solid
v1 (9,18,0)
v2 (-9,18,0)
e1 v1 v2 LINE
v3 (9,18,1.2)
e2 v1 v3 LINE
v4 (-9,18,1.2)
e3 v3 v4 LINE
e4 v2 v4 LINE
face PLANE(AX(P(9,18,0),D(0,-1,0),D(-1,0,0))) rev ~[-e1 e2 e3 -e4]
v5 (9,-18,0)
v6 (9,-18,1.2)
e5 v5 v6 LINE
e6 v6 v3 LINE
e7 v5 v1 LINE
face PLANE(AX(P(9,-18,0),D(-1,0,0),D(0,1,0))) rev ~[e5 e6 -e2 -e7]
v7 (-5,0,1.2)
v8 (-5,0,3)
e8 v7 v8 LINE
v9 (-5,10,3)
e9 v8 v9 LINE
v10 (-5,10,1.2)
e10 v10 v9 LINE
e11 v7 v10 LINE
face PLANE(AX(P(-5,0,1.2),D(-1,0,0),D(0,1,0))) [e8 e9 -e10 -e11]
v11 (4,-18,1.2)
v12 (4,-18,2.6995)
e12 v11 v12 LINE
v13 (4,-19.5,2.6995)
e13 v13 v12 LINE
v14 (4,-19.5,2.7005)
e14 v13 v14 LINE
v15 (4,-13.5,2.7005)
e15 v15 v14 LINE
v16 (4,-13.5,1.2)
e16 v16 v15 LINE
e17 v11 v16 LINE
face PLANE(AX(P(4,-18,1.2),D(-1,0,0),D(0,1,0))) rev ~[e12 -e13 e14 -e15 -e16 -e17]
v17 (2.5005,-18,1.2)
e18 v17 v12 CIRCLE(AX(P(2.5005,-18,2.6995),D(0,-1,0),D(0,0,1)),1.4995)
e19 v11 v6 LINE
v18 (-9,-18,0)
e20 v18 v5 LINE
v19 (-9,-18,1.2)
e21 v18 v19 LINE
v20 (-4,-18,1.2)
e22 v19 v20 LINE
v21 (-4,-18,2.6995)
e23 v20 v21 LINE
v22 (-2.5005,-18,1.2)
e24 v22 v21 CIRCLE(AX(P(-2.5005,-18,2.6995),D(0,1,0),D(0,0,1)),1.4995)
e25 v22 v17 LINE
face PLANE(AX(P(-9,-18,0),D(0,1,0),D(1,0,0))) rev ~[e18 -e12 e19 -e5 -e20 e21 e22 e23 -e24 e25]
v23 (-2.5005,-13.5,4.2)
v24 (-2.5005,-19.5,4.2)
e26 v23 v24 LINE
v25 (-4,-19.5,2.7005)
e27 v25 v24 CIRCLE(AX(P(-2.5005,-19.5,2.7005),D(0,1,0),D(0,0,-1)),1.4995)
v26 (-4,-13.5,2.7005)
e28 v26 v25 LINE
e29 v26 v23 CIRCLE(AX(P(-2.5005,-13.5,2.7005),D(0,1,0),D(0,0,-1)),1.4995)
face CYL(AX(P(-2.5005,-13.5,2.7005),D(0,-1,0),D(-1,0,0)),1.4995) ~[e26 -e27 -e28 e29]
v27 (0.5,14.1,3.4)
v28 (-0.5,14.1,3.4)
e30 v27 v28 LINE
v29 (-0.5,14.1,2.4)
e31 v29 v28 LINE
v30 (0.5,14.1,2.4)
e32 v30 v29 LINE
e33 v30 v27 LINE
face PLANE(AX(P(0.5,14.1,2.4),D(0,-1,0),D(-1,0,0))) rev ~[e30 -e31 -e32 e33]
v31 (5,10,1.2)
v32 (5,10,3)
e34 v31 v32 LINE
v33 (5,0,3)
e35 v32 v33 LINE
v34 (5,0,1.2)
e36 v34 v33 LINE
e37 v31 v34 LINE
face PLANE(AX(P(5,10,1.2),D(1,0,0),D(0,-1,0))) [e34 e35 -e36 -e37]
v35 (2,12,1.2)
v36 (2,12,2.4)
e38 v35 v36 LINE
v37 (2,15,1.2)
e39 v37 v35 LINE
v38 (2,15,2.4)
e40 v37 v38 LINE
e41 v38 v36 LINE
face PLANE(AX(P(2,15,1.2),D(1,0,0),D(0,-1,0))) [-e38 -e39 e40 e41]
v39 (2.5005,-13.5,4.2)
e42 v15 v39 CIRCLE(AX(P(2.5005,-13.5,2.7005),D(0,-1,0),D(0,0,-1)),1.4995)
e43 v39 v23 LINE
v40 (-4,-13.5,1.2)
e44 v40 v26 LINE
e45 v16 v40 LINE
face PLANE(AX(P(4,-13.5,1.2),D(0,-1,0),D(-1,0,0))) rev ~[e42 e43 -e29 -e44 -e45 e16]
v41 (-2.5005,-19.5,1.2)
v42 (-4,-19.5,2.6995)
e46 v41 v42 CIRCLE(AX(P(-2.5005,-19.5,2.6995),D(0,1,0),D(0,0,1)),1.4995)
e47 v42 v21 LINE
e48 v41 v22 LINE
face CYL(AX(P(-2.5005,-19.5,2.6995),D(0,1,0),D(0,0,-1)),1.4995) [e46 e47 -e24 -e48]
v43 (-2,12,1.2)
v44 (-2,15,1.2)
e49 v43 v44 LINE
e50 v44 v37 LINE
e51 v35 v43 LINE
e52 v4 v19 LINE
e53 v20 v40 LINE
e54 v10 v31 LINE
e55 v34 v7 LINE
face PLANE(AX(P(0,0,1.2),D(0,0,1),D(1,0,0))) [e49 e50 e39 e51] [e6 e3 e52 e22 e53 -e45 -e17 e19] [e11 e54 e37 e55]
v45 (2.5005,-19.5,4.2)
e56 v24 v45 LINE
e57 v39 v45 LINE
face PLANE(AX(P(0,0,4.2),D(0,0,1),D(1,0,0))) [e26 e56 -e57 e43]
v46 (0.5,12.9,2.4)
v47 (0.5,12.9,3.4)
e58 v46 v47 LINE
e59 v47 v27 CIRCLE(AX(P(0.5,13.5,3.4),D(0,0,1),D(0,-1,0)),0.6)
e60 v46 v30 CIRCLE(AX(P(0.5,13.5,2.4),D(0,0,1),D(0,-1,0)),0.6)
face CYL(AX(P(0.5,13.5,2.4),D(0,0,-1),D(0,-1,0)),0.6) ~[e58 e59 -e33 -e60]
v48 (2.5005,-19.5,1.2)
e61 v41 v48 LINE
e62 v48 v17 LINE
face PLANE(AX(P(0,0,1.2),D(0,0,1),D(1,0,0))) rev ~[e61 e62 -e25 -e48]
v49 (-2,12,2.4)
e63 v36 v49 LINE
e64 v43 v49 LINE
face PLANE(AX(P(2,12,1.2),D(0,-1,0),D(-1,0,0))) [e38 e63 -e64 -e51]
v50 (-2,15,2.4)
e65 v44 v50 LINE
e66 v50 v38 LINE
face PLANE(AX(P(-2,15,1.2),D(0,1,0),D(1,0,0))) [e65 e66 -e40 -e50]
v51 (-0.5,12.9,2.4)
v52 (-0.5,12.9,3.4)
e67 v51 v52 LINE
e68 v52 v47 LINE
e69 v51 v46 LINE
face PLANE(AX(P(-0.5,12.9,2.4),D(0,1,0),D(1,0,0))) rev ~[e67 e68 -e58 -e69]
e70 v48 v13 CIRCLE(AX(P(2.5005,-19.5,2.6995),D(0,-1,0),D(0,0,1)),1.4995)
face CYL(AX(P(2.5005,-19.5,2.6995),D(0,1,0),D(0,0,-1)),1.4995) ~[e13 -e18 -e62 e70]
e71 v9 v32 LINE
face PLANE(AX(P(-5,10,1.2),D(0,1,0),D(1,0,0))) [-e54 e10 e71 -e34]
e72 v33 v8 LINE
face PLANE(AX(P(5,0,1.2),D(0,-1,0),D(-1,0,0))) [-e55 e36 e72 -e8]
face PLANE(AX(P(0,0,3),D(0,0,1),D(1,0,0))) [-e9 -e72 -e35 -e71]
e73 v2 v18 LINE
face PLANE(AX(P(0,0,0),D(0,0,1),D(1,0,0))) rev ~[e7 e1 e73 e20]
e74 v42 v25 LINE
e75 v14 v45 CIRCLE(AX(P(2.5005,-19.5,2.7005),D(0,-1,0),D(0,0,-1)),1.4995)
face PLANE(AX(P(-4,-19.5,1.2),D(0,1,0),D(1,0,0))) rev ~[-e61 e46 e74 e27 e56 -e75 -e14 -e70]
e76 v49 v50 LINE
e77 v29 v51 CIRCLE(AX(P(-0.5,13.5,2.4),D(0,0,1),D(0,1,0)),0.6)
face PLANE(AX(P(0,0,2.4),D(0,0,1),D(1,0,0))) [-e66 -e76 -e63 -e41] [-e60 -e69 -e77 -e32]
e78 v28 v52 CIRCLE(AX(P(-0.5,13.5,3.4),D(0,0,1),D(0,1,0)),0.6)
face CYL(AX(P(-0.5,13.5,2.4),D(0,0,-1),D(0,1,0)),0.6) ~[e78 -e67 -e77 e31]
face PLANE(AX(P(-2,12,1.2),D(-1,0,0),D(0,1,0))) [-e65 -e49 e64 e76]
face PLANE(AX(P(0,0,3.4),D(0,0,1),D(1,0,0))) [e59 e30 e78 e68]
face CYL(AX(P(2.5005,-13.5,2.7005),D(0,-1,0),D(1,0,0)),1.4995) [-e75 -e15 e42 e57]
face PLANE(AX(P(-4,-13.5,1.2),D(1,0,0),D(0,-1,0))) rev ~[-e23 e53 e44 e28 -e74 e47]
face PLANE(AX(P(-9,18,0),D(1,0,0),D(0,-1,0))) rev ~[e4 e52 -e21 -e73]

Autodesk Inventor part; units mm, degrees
ref_plane "YZ Plane" through (0, 0, 0) normal (1, 0, 0) x (0, 1, 0)
ref_plane "XZ Plane" through (0, 0, 0) normal (0, 1, 0) x (-1, 0, 0)
ref_plane "XY Plane" through (0, 0, 0) normal (0, 0, 1) x (1, 0, 0)
sketch "Skizze1" plane through (0, 0, 0) normal (0, 0, 1) x (1, 0, 0)
  line L0 (-9, -18) -> (9, -18)
  line L1 (9, -18) -> (9, 18)
  line L2 (9, 18) -> (-9, 18)
  line L3 (-9, 18) -> (-9, -18)
  line L4 (-9, -18) -> (9, 18) construction
  line L5 (9, -18) -> (-9, 18) construction
  point P0 (0, 0)
  dimension "d0" = 18
  dimension "d1" = 36
extrude "Extrusion1" add sketch "Skizze1" along normal blind 1.2
sketch "Skizze5" plane through (0, 0, 1.2) normal (0, 0, 1) x (1, 0, 0)
  line L0 (4, -13.5) -> (-4, -13.5)
  line L1 (-4, -13.5) -> (-4, -19.5)
  line L2 (-4, -19.5) -> (4, -19.5)
  line L3 (4, -19.5) -> (4, -13.5)
  line L4 (4, -13.5) -> (-4, -19.5) construction
  line L5 (-4, -13.5) -> (4, -19.5) construction
  line L6 (-9, -18) -> (9, -18) projected
  point P0 (0, 0)
  point P1 (0, -16.5)
  point P2 (0, -16.5)
  dimension "d17" = 8
  dimension "d18" = 6
  dimension "d19" = 4.5
extrude "Extrusion5" add sketch "Skizze5" along normal blind 3
fillet "Rundung1" radius 1.5 4 edges at (4, -16.5, 4.2) (-4, -16.5, 4.2) (-4, -18.75, 1.2) (4, -18.75, 1.2)
sketch "Skizze3" plane through (0, 0, 1.2) normal (0, 0, 1) x (1, 0, 0)
  line L0 (2, 12) -> (-2, 12)
  line L1 (-2, 12) -> (-2, 15)
  line L2 (-2, 15) -> (2, 15)
  line L3 (2, 15) -> (2, 12)
  line L4 (2, 12) -> (-2, 15) construction
  line L5 (-2, 12) -> (2, 15) construction
  line L6 (9, 18) -> (-9, 18) projected
  point P0 (0, 0)
  point P1 (0, 13.5)
  point P2 (0, 13.5)
  dimension "d8" = 4
  dimension "d9" = 3
  dimension "d10" = 3
extrude "Extrusion3" add sketch "Skizze3" along normal blind 1.2
sketch "Skizze4" plane through (0, 0, 2.4) normal (0, 0, 1) x (1, 0, 0)
  line L0 (-0.5, 13.5) -> (0.5, 13.5) construction
  line L1 (-0.5, 12.9) -> (0.5, 12.9)
  line L2 (0.5, 14.1) -> (-0.5, 14.1)
  arc A0 (-0.5, 14.1) -> (-0.5, 12.9) centre (-0.5, 13.5) ccw
  arc A1 (0.5, 12.9) -> (0.5, 14.1) centre (0.5, 13.5) ccw
  line L3 (-2, 12) -> (2, 12) construction
  line L4 (2, 12) -> (2, 15) construction
  line L5 (2, 15) -> (-2, 15) construction
  line L6 (-2, 15) -> (-2, 12) construction
  line L7 (2, 15) -> (-2, 12) construction
  line L8 (-2, 15) -> (2, 12) construction
  point P0 (0, 0)
  point P1 (0, 13.5)
  point P2 (0, 13.5)
  dimension "d13" = 2.2
  dimension "d14" = 1.2
extrude "Extrusion4" add sketch "Skizze4" along normal blind 1
sketch "Skizze2" plane through (0, 0, 1.2) normal (0, 0, 1) x (1, 0, 0)
  line L0 (5, 0) -> (-5, 0)
  line L1 (-5, 0) -> (-5, 10)
  line L2 (-5, 10) -> (5, 10)
  line L3 (5, 10) -> (5, 0)
  line L4 (5, 0) -> (-5, 10) construction
  line L5 (-5, 0) -> (5, 10) construction
  line L6 (9, 18) -> (-9, 18) projected
  point P0 (0, 0)
  point P1 (0, 5)
  dimension "d4" = 10
  dimension "d5" = 8
extrude "Extrusion2" add sketch "Skizze2" along normal blind 1.8
properties part number "Teensy"
